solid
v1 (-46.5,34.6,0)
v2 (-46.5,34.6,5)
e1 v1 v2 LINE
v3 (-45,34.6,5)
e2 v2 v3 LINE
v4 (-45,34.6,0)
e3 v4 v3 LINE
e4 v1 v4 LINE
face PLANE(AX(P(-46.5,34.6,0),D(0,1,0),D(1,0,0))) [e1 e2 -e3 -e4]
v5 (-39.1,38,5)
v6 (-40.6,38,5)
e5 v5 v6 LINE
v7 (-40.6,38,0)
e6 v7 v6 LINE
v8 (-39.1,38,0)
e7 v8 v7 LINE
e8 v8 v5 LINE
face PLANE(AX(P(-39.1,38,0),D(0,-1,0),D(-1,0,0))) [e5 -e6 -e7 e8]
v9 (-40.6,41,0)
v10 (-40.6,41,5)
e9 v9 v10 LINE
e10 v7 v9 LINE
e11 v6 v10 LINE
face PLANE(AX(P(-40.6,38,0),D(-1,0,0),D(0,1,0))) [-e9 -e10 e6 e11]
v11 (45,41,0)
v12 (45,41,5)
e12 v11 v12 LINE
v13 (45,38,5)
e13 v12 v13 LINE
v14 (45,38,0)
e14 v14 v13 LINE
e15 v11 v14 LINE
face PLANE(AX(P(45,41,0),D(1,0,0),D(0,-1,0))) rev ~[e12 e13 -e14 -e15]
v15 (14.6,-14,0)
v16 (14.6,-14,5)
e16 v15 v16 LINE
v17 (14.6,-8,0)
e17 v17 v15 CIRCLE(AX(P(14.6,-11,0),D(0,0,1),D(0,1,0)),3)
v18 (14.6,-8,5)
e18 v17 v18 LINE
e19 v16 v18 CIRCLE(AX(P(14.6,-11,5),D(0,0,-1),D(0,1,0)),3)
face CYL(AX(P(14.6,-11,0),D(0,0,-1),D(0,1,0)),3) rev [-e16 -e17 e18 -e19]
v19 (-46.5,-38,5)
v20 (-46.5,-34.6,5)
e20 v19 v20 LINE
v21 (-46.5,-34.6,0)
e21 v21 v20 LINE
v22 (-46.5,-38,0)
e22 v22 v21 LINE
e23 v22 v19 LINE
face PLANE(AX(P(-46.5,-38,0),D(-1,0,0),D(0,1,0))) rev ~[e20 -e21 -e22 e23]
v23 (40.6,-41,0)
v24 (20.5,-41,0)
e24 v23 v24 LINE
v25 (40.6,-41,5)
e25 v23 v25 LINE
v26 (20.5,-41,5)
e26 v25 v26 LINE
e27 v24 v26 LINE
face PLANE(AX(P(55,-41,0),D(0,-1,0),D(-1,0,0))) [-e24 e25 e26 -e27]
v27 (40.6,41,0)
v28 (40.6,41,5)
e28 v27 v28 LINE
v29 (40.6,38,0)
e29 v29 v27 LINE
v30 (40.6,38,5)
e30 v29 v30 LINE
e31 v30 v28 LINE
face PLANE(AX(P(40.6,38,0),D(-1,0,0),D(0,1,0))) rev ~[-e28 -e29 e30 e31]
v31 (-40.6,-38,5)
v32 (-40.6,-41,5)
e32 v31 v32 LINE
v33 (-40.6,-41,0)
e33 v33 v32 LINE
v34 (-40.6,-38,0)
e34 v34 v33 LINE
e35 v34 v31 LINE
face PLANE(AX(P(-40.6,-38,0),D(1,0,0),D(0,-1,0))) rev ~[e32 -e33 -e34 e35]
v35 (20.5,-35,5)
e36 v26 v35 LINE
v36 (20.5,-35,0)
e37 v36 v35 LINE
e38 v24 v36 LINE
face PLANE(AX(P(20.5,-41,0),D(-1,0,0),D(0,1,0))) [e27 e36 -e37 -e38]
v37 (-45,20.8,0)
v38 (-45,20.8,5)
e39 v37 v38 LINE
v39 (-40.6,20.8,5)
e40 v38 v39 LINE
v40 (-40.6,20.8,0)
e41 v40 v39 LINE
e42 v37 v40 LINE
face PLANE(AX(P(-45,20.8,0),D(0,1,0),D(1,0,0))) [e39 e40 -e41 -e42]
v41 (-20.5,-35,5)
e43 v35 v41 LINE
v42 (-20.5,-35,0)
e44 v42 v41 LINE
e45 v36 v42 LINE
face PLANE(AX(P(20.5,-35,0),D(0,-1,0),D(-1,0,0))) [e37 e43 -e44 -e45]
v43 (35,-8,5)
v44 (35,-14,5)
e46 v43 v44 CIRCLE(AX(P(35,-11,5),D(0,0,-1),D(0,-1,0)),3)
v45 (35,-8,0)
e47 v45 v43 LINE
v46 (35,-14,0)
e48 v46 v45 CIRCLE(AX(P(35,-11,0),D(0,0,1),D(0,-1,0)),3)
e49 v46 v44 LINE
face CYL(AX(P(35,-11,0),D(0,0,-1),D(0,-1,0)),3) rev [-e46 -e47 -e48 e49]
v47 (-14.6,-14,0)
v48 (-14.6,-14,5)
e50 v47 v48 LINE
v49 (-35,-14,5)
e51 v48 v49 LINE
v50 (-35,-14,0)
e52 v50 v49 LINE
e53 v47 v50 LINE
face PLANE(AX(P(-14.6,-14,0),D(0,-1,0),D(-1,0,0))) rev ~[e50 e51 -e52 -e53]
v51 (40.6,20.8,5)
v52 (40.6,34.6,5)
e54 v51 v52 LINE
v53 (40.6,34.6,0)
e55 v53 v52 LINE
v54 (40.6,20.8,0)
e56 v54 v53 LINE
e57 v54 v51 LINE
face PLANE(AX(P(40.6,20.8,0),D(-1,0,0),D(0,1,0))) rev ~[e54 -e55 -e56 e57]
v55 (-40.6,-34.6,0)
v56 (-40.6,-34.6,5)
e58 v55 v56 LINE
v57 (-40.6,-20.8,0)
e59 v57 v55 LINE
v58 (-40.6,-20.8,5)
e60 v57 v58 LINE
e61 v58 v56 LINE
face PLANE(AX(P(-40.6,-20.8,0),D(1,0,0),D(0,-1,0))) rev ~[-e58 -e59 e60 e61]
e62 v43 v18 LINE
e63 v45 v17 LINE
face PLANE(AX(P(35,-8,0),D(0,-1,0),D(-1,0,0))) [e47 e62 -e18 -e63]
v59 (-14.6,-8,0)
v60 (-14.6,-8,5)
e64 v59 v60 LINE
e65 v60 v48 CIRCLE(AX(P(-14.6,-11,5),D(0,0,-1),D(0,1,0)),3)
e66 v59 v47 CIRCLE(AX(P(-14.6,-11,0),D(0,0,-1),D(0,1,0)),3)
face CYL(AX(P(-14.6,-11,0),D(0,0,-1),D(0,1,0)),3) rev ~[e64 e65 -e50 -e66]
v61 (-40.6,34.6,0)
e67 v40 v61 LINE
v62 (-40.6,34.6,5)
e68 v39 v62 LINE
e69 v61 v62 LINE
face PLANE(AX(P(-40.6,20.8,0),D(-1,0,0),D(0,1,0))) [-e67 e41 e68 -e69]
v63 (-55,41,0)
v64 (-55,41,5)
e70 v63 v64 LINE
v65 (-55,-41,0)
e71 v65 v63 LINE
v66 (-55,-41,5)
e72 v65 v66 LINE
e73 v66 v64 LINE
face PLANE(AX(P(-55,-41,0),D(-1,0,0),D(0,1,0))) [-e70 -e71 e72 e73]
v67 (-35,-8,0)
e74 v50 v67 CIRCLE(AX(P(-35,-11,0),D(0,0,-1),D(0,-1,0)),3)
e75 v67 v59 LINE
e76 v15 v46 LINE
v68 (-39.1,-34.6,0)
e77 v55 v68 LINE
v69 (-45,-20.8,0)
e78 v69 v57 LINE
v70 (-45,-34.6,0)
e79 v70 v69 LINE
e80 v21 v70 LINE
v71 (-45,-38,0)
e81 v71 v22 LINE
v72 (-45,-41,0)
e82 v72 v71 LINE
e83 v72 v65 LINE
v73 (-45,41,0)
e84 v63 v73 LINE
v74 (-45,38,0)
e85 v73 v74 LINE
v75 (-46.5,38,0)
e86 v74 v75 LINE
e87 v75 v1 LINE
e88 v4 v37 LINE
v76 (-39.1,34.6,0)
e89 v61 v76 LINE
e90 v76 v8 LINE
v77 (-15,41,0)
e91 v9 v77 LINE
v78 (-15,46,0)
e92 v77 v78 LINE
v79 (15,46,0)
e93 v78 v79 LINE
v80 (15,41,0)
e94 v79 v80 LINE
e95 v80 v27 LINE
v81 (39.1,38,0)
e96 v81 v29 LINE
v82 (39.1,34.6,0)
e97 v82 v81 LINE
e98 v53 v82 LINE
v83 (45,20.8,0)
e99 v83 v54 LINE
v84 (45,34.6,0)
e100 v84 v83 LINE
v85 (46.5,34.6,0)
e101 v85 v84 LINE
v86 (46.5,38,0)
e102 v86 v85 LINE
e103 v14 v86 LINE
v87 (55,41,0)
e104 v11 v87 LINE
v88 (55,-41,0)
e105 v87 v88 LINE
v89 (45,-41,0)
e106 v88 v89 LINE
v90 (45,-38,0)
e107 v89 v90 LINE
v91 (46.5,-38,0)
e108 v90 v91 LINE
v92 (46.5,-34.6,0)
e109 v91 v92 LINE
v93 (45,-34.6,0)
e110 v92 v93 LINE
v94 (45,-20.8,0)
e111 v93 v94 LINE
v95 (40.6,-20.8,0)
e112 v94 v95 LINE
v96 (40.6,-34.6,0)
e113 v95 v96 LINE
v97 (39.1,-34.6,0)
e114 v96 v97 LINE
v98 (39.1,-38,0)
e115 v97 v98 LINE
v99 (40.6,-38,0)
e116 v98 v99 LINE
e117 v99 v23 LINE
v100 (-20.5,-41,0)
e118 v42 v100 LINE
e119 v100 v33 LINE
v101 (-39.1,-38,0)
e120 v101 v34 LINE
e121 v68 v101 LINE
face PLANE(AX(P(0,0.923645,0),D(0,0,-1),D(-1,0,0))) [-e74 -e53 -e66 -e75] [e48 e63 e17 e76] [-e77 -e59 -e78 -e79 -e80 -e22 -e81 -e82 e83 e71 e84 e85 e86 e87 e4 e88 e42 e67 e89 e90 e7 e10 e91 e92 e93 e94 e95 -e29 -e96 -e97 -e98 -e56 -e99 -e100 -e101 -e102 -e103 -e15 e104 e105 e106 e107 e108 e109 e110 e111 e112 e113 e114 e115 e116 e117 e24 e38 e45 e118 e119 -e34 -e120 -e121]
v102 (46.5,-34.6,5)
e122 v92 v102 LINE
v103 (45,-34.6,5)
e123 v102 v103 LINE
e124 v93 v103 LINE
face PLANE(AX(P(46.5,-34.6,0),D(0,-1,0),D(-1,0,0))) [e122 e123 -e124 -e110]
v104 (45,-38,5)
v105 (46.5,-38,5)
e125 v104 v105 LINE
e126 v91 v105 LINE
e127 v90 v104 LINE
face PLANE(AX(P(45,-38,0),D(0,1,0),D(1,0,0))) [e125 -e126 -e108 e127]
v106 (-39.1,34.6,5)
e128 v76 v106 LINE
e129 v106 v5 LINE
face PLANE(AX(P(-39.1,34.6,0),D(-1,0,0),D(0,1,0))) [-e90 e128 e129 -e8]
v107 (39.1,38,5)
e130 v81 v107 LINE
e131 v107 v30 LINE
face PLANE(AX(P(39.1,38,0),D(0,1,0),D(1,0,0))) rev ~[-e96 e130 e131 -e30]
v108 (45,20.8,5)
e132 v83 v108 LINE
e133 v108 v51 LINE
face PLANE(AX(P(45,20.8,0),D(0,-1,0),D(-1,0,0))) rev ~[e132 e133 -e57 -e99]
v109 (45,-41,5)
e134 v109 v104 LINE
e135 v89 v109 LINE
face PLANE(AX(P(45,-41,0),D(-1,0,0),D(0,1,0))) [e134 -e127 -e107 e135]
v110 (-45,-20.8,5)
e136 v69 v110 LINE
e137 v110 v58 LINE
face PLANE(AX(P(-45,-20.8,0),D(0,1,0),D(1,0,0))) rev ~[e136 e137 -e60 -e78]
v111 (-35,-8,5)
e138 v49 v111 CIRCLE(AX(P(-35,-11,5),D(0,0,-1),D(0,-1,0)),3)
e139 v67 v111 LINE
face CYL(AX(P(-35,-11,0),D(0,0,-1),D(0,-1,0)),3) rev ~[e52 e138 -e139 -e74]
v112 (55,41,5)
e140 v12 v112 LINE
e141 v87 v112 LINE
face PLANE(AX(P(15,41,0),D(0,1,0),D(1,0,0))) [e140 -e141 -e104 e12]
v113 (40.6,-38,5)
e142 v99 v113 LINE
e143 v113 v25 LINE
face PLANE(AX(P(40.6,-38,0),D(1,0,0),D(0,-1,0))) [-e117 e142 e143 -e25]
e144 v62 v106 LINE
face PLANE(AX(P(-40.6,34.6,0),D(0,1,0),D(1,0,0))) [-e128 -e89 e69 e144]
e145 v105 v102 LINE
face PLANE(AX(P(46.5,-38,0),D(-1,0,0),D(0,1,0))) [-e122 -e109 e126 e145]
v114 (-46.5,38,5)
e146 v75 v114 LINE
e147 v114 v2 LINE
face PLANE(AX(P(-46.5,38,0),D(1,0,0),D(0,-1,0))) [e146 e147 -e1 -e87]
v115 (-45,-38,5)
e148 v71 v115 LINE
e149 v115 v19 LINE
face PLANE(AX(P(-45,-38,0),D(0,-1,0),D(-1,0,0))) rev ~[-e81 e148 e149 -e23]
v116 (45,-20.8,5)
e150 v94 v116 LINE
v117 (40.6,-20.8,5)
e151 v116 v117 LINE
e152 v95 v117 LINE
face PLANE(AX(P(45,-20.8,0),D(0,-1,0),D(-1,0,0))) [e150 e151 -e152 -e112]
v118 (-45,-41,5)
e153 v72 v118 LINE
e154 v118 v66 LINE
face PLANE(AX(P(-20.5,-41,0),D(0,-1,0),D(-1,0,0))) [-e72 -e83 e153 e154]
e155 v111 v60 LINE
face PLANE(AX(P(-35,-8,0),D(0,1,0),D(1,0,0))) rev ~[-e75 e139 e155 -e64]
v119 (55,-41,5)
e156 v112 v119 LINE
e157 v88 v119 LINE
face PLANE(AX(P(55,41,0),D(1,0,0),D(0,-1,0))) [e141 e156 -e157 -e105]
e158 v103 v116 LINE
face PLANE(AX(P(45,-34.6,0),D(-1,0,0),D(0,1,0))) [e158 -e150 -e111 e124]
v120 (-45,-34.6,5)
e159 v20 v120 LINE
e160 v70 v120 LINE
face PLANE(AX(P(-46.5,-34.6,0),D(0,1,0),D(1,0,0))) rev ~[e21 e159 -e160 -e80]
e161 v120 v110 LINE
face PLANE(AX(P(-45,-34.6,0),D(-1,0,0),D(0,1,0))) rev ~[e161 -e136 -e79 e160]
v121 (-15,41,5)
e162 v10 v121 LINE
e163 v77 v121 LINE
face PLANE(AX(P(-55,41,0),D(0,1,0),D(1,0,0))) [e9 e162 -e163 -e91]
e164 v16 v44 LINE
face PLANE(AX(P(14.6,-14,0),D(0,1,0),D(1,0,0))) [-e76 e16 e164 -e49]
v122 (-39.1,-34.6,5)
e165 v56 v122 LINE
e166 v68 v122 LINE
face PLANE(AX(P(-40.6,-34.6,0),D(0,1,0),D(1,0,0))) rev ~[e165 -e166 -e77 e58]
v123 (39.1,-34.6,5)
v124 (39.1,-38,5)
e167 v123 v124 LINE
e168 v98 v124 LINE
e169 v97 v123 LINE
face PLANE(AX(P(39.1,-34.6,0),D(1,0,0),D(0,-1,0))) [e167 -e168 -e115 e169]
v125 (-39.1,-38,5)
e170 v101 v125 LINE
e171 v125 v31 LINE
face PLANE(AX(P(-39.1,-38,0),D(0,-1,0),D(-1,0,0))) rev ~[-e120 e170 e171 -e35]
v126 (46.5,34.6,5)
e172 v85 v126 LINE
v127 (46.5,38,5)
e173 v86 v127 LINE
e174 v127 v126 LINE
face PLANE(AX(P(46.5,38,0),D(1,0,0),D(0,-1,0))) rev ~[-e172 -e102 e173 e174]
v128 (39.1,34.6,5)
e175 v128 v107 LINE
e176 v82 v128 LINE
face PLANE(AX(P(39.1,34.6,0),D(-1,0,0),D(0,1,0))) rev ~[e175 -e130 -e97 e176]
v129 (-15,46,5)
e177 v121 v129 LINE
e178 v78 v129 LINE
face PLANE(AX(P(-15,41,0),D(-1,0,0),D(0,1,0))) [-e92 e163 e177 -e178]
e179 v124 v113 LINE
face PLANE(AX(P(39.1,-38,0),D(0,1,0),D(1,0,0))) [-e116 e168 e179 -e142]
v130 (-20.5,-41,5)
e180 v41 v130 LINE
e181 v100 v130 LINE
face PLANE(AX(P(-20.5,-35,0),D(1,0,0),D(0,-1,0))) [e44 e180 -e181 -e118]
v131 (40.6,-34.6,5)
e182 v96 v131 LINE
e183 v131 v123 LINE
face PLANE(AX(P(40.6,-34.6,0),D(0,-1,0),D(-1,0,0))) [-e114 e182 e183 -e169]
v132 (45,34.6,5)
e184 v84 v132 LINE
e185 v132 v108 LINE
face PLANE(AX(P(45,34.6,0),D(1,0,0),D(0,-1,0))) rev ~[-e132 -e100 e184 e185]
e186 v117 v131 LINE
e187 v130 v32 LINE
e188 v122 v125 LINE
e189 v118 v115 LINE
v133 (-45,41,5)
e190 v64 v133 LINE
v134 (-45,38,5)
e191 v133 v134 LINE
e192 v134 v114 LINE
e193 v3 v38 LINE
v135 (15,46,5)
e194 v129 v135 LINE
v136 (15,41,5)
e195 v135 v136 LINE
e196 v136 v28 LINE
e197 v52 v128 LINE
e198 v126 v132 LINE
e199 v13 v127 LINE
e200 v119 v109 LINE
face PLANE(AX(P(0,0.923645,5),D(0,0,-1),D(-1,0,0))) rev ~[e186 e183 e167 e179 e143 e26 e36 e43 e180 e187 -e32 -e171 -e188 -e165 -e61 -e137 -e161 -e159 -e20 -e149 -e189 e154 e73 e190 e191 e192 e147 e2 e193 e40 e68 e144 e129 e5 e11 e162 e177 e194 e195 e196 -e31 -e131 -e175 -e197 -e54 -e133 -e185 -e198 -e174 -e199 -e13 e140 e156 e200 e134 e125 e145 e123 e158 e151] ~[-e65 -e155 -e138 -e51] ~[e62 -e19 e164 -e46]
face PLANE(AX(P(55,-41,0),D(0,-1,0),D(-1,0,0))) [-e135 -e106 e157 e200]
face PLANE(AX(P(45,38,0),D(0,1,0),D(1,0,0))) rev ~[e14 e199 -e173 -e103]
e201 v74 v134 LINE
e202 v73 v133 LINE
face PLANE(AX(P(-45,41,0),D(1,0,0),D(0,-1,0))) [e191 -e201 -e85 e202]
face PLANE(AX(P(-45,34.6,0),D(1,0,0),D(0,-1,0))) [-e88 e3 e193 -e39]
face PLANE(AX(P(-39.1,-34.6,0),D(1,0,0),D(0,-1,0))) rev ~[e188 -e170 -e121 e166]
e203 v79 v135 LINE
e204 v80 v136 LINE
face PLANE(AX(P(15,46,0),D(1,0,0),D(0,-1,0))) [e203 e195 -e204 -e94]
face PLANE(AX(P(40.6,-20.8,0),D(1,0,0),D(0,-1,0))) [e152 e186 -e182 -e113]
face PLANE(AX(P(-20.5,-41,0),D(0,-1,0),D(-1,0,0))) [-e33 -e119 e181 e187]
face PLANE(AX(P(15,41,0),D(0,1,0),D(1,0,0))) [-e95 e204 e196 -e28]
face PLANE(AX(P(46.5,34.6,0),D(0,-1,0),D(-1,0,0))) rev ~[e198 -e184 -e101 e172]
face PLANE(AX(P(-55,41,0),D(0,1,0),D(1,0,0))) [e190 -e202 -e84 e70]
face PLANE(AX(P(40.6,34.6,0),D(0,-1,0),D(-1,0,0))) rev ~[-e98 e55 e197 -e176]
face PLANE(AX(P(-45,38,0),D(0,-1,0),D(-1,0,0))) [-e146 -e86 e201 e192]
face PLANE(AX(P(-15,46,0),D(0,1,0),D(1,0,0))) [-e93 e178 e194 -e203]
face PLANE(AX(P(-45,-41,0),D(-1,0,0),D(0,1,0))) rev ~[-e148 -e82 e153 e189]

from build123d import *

# Parameters (mm, degrees)
BOSS_EXTRUDE1_DEPTH = 5
CUT_EXTRUDE1_DEPTH  = 5
CUT_EXTRUDE2_DEPTH  = 10


with BuildPart() as part:
    # Sketch1 → Boss-Extrude1 (new body)
    with BuildSketch(Plane.XY):
        Polygon((20.5, -41), (20.5, -35), (-20.5, -35), (-20.5, -41), (-55, -41), (-55, 41), (-15, 41), (-15, 46), (15, 46), (15, 41), (55, 41), (55, -41), align=None)
    extrude(amount=BOSS_EXTRUDE1_DEPTH)

    # Sketch2 → Cut-Extrude1 (cut)
    with BuildSketch(Plane(origin=(0, 0, 0), x_dir=(-1, 0, 0), z_dir=(0, 0, -1))):
        Polygon((-40.6, -38), (-40.6, -41), (-45, -41), (-45, -38), (-46.5, -38), (-46.5, -34.6), (-45, -34.6), (-45, -20.8), (-40.6, -20.8), (-40.6, -34.6), (-39.1, -34.6), (-39.1, -38), align=None)
        Polygon((45, -41), (45, -38), (46.5, -38), (46.5, -34.6), (45, -34.6), (45, -20.8), (40.6, -20.8), (40.6, -34.6), (39.1, -34.6), (39.1, -38), (40.6, -38), (40.6, -41), align=None)
        Polygon((40.6, 38), (40.6, 41), (45, 41), (45, 38), (46.5, 38), (46.5, 34.6), (45, 34.6), (45, 20.8), (40.6, 20.8), (40.6, 34.6), (39.1, 34.6), (39.1, 38), align=None)
        Polygon((-45, 41), (-45, 38), (-46.5, 38), (-46.5, 34.6), (-45, 34.6), (-45, 20.8), (-40.6, 20.8), (-40.6, 34.6), (-39.1, 34.6), (-39.1, 38), (-40.6, 38), (-40.6, 41), align=None)
    extrude(amount=-CUT_EXTRUDE1_DEPTH, mode=Mode.SUBTRACT)

    # Sketch3 → Cut-Extrude2 (cut)
    with BuildSketch(Plane(origin=(0, 0, 0), x_dir=(-1, 0, 0), z_dir=(0, 0, -1))):
        with BuildLine():
            Line((-14.6, -14), (-35, -14))
            ThreePointArc((-35, -14), (-38, -11), (-35, -8))
            Line((-35, -8), (-14.6, -8))
            ThreePointArc((-14.6, -8), (-11.6, -11), (-14.6, -14))
        make_face()
        with BuildLine():
            Line((14.6, -14), (35, -14))
            ThreePointArc((35, -14), (38, -11), (35, -8))
            Line((35, -8), (14.6, -8))
            ThreePointArc((14.6, -8), (11.6, -11), (14.6, -14))
        make_face()
    extrude(amount=-CUT_EXTRUDE2_DEPTH, mode=Mode.SUBTRACT)


solid = part.part
